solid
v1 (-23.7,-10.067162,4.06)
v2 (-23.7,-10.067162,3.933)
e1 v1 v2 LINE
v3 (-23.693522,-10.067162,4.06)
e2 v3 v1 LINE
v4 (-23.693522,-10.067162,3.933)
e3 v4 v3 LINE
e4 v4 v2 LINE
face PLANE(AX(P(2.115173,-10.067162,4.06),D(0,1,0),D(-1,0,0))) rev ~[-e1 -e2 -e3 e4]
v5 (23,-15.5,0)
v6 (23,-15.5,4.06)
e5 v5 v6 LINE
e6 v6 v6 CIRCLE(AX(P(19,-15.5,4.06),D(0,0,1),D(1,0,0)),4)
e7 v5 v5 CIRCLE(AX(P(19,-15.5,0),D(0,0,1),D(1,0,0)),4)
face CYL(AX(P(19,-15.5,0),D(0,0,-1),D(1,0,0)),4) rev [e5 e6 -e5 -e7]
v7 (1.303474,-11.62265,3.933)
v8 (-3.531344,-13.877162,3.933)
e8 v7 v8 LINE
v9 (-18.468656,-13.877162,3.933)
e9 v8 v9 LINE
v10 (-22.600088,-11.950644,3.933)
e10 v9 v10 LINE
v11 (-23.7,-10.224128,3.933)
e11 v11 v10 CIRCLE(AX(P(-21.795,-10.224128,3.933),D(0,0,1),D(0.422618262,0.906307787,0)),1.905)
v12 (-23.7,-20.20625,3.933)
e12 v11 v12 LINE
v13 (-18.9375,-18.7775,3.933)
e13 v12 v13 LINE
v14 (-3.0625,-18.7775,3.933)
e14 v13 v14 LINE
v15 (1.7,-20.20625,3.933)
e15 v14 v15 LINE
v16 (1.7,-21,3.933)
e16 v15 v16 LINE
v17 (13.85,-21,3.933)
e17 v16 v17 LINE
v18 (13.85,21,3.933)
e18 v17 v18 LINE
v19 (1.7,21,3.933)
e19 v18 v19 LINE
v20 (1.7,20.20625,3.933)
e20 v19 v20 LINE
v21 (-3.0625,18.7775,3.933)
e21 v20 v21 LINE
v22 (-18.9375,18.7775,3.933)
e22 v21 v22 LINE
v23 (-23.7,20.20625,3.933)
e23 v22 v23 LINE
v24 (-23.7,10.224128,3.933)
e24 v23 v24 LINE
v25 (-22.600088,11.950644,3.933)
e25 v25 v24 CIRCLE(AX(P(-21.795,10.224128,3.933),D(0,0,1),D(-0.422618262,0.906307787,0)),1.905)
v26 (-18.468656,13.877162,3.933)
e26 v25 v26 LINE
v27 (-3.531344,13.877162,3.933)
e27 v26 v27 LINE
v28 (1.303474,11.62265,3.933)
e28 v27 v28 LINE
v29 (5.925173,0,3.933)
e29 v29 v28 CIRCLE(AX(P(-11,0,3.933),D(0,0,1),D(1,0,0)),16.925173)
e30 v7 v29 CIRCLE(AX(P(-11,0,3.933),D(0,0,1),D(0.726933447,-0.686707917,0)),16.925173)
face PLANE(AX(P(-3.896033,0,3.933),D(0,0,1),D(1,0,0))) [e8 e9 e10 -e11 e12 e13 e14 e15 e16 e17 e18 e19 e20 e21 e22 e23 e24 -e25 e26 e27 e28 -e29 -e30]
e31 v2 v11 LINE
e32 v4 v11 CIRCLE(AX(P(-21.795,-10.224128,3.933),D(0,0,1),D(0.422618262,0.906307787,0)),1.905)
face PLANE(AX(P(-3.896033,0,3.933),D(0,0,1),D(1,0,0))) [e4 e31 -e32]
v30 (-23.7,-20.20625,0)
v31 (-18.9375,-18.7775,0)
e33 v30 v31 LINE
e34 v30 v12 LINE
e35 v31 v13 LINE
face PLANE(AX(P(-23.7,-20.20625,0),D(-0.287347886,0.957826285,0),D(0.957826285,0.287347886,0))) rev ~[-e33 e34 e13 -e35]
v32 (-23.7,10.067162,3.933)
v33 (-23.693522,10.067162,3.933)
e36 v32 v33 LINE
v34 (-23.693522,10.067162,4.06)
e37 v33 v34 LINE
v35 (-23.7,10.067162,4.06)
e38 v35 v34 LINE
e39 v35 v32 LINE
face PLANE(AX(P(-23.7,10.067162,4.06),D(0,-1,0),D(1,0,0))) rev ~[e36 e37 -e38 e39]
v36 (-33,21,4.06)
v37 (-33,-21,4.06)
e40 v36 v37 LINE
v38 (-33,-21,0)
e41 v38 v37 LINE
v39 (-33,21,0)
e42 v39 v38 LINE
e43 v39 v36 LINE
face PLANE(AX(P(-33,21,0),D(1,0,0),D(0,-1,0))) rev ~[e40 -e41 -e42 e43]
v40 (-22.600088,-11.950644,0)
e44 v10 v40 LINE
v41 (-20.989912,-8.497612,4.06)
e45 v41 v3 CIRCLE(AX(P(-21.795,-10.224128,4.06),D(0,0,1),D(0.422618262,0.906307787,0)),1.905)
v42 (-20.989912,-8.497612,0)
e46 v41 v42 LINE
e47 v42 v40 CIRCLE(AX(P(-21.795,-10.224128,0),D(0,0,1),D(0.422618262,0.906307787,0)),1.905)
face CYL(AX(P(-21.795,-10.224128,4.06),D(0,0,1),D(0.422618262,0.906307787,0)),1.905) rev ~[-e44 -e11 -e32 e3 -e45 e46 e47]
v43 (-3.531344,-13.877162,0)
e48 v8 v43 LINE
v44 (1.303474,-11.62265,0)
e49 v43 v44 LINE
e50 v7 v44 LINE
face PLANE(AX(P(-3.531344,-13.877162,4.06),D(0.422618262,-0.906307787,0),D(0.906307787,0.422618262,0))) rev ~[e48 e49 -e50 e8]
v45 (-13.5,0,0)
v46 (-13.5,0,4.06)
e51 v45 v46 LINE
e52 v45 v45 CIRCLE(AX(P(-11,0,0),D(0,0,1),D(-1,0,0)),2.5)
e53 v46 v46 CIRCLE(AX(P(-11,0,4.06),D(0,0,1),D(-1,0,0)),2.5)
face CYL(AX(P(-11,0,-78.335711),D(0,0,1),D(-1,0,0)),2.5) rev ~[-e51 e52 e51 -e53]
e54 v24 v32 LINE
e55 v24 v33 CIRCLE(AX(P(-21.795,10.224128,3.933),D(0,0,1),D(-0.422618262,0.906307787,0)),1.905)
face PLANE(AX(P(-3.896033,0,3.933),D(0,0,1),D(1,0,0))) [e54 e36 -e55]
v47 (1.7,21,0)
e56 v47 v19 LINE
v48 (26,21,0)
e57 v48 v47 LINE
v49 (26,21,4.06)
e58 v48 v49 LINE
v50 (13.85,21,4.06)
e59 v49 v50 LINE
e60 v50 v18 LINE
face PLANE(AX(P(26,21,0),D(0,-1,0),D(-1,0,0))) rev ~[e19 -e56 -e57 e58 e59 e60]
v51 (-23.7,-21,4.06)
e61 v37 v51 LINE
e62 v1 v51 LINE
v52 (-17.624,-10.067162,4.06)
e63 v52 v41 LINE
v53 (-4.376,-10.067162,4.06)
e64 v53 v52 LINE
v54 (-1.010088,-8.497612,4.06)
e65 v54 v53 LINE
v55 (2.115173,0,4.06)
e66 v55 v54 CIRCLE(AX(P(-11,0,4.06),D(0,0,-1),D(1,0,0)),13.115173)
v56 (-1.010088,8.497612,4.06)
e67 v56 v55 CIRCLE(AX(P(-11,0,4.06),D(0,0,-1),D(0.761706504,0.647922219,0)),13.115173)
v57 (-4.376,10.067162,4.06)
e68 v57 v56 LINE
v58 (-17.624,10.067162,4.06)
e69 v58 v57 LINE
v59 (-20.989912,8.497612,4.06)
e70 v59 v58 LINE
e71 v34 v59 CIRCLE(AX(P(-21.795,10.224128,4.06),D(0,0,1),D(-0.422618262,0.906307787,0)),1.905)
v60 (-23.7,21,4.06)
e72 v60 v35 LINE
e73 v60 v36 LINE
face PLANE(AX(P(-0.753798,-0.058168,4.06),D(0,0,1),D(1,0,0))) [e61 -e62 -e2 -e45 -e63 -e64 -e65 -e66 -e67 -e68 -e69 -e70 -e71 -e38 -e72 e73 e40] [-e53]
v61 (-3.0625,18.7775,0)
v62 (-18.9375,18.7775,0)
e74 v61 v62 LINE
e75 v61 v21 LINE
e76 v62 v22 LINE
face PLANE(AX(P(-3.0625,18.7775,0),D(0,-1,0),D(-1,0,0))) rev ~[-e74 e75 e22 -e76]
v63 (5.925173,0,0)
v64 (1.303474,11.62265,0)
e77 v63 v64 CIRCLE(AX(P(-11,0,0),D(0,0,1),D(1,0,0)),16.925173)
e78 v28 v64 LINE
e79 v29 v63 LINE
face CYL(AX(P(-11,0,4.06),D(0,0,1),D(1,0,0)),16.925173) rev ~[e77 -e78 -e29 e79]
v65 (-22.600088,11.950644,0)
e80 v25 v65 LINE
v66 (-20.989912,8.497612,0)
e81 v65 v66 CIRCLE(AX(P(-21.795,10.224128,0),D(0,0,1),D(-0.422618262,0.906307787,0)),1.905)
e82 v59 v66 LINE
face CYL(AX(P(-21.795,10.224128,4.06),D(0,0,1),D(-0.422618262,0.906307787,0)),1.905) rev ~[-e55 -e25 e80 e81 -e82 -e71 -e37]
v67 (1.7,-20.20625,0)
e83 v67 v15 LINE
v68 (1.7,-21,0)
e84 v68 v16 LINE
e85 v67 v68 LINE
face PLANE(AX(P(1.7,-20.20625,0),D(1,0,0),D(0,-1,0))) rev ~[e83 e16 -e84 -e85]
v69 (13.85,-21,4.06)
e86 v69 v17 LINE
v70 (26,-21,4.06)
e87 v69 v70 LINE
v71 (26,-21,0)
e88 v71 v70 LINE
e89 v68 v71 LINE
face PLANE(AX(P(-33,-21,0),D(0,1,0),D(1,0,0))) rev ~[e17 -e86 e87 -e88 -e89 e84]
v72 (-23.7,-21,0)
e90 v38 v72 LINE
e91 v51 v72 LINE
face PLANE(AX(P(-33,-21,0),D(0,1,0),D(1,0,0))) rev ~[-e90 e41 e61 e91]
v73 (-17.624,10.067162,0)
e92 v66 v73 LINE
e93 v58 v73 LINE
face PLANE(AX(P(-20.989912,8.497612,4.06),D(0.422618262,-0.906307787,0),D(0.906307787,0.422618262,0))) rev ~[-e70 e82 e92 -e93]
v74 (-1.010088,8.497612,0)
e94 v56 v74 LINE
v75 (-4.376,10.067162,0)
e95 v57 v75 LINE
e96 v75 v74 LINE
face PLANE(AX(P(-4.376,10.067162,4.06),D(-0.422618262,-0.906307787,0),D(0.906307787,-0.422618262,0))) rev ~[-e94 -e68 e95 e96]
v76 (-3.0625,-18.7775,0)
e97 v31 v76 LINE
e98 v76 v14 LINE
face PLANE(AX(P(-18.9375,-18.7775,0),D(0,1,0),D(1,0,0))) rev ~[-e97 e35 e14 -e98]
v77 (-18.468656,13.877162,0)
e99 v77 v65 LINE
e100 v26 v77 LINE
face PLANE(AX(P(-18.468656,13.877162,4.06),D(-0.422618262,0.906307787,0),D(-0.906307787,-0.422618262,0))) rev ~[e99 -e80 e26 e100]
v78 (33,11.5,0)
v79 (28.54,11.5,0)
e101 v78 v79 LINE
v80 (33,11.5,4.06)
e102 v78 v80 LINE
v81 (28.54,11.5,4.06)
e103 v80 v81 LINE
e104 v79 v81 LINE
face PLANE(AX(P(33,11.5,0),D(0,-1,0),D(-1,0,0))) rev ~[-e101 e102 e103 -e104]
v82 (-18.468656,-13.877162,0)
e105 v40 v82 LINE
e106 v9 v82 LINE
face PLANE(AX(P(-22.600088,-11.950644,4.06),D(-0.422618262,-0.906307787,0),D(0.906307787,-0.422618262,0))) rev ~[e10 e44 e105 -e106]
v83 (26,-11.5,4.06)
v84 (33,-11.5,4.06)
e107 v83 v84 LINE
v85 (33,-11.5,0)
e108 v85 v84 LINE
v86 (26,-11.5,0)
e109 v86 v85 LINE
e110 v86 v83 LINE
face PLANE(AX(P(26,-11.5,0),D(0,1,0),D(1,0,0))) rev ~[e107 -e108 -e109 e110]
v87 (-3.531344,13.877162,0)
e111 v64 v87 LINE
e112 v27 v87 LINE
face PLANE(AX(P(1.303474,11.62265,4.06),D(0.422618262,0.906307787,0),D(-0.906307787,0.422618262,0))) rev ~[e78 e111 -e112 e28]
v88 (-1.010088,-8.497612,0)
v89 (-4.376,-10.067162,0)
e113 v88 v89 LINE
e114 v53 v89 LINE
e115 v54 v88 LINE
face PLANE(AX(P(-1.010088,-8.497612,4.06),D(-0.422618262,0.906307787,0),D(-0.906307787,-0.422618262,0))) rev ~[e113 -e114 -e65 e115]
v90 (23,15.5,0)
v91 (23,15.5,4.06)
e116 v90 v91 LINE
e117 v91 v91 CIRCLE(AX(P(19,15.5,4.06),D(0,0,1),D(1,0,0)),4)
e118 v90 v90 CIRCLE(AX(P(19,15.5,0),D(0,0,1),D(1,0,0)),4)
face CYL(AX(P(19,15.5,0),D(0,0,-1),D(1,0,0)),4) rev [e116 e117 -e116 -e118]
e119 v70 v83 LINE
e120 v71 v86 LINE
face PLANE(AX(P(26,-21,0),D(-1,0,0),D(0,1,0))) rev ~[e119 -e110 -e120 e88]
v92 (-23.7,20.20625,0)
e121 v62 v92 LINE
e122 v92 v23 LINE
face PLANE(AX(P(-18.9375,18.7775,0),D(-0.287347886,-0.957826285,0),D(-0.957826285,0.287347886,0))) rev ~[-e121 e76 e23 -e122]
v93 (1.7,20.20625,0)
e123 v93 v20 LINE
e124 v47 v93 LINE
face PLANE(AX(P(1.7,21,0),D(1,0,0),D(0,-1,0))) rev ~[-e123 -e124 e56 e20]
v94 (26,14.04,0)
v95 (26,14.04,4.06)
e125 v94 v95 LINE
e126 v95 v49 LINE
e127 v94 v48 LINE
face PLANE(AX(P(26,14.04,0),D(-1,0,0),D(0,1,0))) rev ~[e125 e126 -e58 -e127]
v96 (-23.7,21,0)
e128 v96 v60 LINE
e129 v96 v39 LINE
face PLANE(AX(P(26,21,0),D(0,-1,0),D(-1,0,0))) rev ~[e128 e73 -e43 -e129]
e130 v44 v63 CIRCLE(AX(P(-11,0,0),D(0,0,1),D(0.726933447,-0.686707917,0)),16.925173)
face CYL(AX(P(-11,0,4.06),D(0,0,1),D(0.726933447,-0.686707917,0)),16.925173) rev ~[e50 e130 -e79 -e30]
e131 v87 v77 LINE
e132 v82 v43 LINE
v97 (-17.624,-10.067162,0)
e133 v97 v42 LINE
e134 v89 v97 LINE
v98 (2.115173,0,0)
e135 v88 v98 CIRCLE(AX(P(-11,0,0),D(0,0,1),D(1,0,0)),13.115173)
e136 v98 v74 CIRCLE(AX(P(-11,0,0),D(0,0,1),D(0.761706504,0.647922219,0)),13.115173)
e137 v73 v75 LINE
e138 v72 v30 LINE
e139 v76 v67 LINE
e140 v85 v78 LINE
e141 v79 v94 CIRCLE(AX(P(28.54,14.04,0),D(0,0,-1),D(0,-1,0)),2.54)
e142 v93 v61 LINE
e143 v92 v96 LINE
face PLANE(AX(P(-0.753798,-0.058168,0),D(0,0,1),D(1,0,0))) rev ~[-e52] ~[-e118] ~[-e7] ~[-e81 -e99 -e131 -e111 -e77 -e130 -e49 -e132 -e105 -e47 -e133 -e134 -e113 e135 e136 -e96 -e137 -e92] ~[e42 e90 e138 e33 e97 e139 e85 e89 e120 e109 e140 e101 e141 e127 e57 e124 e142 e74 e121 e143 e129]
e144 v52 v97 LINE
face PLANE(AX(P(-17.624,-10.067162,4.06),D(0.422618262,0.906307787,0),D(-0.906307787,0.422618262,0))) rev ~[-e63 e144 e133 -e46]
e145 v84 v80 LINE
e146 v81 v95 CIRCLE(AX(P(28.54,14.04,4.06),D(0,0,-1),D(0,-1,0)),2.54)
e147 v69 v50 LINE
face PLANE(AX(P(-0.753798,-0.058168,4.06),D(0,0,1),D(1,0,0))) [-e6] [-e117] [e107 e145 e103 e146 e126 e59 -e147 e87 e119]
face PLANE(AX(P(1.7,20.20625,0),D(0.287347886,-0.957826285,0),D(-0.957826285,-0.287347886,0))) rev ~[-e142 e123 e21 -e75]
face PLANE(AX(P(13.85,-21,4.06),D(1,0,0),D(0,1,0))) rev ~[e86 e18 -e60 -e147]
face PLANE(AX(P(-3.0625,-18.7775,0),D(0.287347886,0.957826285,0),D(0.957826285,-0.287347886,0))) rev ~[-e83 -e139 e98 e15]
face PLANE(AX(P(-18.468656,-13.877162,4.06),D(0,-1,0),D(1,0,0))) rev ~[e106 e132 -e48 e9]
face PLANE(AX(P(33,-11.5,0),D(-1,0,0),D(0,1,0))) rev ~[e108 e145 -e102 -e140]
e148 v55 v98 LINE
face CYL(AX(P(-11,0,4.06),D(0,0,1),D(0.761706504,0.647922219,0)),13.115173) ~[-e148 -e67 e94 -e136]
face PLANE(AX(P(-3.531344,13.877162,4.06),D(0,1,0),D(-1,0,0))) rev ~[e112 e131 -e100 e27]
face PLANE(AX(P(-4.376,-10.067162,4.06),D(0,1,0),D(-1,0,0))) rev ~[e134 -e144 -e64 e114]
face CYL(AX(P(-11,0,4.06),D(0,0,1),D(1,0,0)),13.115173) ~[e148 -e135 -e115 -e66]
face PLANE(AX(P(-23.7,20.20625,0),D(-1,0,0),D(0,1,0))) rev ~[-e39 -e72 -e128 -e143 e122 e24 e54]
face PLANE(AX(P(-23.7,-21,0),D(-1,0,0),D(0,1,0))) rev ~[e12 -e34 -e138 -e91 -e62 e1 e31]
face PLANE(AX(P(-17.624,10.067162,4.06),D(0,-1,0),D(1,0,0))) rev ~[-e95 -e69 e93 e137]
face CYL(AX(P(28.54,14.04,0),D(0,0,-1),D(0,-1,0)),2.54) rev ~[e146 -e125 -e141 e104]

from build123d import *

# Parameters (mm, degrees)
F1_R     = 4
F2_DEPTH = 4.06
F3_D     = 5
F5_DEPTH = 25.4
F7_DEPTH = 25.4
F9_DEPTH = 0.127


with BuildPart() as f2:
    # F1 (on Top) → F2 (new body)
    with BuildSketch(Plane.XY):
        with BuildLine():
            Line((26, 14.04), (26, 21))
            Line((26, 21), (-33, 21))
            Line((-33, 21), (-33, -21))
            Line((-33, -21), (26, -21))
            Line((26, -21), (26, -11.5))
            Line((26, -11.5), (33, -11.5))
            Line((33, -11.5), (33, 11.5))
            Line((33, 11.5), (28.54, 11.5))
            ThreePointArc((28.54, 11.5), (26.7439487758, 12.2439487758), (26, 14.04))
        make_face()
        with Locations((19, -15.5)):
            Circle(F1_R, mode=Mode.SUBTRACT)
        with Locations((19, 15.5)):
            Circle(F1_R, mode=Mode.SUBTRACT)
    extrude(amount=F2_DEPTH)

    # F3 (through all)
    with Locations(Plane(origin=(0, 0, 0), x_dir=(1, 0, 0), z_dir=(0, 0, -1))):
        with Locations((-11, 0)):
            Hole(F3_D / 2)

    # F4 (on face) → F5 (cut)
    with BuildSketch(Plane(origin=(0, 0, 0), x_dir=(1, 0, 0), z_dir=(0, 0, -1))):
        Polygon((-23.7, -20.20625), (-23.7, -21), (1.7, -21), (1.7, -20.20625), (-3.0625, -18.7775), (-18.9375, -18.7775), align=None)
        Polygon((1.7, 21), (-23.7, 21), (-23.7, 20.20625), (-18.9375, 18.7775), (-3.0625, 18.7775), (1.7, 20.20625), align=None)
    extrude(amount=-F5_DEPTH, mode=Mode.SUBTRACT)

    # F6 (on face) → F7 (cut)
    with BuildSketch(Plane.XY.offset(4.06)):
        with BuildLine():
            ThreePointArc((-22.6000877886, 11.9506443438), (-23.5215163343, 9.4190402209), (-20.9899122114, 8.4976116752))
            Line((-20.9899122114, 8.4976116752), (-17.6239996184, 10.067162494))
            Line((-17.6239996184, 10.067162494), (-4.3760003816, 10.067162494))
            Line((-4.3760003816, 10.067162494), (-1.0100877886, 8.4976116752))
            ThreePointArc((-1.0100877886, 8.4976116752), (1.3090855116, 4.5270480494), (2.1151725179, 0))
            ThreePointArc((2.1151725179, 0), (1.3090855116, -4.5270480494), (-1.0100877886, -8.4976116752))
            Line((-1.0100877886, -8.4976116752), (-4.3760003816, -10.067162494))
            Line((-4.3760003816, -10.067162494), (-17.6239996184, -10.067162494))
            Line((-17.6239996184, -10.067162494), (-20.9899122114, -8.4976116752))
            ThreePointArc((-20.9899122114, -8.4976116752), (-23.5215163343, -9.4190402209), (-22.6000877886, -11.9506443438))
            Line((-22.6000877886, -11.9506443438), (-18.4686562831, -13.877162494))
            Line((-18.4686562831, -13.877162494), (-3.5313437169, -13.877162494))
            Line((-3.5313437169, -13.877162494), (1.3034740029, -11.6226499654))
            ThreePointArc((1.3034740029, -11.6226499654), (4.7273628563, -6.253920558), (5.9251725179, 0))
            ThreePointArc((5.9251725179, 0), (4.7273628563, 6.253920558), (1.3034740029, 11.6226499654))
            Line((1.3034740029, 11.6226499654), (-3.5313437169, 13.877162494))
            Line((-3.5313437169, 13.877162494), (-18.4686562831, 13.877162494))
            Line((-18.4686562831, 13.877162494), (-22.6000877886, 11.9506443438))
        make_face()
    extrude(amount=-F7_DEPTH, mode=Mode.SUBTRACT)

    # F8 (on face) → F9 (cut)
    with BuildSketch(Plane.XY.offset(4.06)):
        Polygon((13.85, 21), (-23.7, 21), (-23.7, 10.067162494), (2.1151725179, 10.067162494), (2.1151725179, -10.067162494), (-23.7, -10.067162494), (-23.7, -21), (13.85, -21), (13.85, 0), align=None)
    extrude(amount=-F9_DEPTH, mode=Mode.SUBTRACT)


solid = f2.part
